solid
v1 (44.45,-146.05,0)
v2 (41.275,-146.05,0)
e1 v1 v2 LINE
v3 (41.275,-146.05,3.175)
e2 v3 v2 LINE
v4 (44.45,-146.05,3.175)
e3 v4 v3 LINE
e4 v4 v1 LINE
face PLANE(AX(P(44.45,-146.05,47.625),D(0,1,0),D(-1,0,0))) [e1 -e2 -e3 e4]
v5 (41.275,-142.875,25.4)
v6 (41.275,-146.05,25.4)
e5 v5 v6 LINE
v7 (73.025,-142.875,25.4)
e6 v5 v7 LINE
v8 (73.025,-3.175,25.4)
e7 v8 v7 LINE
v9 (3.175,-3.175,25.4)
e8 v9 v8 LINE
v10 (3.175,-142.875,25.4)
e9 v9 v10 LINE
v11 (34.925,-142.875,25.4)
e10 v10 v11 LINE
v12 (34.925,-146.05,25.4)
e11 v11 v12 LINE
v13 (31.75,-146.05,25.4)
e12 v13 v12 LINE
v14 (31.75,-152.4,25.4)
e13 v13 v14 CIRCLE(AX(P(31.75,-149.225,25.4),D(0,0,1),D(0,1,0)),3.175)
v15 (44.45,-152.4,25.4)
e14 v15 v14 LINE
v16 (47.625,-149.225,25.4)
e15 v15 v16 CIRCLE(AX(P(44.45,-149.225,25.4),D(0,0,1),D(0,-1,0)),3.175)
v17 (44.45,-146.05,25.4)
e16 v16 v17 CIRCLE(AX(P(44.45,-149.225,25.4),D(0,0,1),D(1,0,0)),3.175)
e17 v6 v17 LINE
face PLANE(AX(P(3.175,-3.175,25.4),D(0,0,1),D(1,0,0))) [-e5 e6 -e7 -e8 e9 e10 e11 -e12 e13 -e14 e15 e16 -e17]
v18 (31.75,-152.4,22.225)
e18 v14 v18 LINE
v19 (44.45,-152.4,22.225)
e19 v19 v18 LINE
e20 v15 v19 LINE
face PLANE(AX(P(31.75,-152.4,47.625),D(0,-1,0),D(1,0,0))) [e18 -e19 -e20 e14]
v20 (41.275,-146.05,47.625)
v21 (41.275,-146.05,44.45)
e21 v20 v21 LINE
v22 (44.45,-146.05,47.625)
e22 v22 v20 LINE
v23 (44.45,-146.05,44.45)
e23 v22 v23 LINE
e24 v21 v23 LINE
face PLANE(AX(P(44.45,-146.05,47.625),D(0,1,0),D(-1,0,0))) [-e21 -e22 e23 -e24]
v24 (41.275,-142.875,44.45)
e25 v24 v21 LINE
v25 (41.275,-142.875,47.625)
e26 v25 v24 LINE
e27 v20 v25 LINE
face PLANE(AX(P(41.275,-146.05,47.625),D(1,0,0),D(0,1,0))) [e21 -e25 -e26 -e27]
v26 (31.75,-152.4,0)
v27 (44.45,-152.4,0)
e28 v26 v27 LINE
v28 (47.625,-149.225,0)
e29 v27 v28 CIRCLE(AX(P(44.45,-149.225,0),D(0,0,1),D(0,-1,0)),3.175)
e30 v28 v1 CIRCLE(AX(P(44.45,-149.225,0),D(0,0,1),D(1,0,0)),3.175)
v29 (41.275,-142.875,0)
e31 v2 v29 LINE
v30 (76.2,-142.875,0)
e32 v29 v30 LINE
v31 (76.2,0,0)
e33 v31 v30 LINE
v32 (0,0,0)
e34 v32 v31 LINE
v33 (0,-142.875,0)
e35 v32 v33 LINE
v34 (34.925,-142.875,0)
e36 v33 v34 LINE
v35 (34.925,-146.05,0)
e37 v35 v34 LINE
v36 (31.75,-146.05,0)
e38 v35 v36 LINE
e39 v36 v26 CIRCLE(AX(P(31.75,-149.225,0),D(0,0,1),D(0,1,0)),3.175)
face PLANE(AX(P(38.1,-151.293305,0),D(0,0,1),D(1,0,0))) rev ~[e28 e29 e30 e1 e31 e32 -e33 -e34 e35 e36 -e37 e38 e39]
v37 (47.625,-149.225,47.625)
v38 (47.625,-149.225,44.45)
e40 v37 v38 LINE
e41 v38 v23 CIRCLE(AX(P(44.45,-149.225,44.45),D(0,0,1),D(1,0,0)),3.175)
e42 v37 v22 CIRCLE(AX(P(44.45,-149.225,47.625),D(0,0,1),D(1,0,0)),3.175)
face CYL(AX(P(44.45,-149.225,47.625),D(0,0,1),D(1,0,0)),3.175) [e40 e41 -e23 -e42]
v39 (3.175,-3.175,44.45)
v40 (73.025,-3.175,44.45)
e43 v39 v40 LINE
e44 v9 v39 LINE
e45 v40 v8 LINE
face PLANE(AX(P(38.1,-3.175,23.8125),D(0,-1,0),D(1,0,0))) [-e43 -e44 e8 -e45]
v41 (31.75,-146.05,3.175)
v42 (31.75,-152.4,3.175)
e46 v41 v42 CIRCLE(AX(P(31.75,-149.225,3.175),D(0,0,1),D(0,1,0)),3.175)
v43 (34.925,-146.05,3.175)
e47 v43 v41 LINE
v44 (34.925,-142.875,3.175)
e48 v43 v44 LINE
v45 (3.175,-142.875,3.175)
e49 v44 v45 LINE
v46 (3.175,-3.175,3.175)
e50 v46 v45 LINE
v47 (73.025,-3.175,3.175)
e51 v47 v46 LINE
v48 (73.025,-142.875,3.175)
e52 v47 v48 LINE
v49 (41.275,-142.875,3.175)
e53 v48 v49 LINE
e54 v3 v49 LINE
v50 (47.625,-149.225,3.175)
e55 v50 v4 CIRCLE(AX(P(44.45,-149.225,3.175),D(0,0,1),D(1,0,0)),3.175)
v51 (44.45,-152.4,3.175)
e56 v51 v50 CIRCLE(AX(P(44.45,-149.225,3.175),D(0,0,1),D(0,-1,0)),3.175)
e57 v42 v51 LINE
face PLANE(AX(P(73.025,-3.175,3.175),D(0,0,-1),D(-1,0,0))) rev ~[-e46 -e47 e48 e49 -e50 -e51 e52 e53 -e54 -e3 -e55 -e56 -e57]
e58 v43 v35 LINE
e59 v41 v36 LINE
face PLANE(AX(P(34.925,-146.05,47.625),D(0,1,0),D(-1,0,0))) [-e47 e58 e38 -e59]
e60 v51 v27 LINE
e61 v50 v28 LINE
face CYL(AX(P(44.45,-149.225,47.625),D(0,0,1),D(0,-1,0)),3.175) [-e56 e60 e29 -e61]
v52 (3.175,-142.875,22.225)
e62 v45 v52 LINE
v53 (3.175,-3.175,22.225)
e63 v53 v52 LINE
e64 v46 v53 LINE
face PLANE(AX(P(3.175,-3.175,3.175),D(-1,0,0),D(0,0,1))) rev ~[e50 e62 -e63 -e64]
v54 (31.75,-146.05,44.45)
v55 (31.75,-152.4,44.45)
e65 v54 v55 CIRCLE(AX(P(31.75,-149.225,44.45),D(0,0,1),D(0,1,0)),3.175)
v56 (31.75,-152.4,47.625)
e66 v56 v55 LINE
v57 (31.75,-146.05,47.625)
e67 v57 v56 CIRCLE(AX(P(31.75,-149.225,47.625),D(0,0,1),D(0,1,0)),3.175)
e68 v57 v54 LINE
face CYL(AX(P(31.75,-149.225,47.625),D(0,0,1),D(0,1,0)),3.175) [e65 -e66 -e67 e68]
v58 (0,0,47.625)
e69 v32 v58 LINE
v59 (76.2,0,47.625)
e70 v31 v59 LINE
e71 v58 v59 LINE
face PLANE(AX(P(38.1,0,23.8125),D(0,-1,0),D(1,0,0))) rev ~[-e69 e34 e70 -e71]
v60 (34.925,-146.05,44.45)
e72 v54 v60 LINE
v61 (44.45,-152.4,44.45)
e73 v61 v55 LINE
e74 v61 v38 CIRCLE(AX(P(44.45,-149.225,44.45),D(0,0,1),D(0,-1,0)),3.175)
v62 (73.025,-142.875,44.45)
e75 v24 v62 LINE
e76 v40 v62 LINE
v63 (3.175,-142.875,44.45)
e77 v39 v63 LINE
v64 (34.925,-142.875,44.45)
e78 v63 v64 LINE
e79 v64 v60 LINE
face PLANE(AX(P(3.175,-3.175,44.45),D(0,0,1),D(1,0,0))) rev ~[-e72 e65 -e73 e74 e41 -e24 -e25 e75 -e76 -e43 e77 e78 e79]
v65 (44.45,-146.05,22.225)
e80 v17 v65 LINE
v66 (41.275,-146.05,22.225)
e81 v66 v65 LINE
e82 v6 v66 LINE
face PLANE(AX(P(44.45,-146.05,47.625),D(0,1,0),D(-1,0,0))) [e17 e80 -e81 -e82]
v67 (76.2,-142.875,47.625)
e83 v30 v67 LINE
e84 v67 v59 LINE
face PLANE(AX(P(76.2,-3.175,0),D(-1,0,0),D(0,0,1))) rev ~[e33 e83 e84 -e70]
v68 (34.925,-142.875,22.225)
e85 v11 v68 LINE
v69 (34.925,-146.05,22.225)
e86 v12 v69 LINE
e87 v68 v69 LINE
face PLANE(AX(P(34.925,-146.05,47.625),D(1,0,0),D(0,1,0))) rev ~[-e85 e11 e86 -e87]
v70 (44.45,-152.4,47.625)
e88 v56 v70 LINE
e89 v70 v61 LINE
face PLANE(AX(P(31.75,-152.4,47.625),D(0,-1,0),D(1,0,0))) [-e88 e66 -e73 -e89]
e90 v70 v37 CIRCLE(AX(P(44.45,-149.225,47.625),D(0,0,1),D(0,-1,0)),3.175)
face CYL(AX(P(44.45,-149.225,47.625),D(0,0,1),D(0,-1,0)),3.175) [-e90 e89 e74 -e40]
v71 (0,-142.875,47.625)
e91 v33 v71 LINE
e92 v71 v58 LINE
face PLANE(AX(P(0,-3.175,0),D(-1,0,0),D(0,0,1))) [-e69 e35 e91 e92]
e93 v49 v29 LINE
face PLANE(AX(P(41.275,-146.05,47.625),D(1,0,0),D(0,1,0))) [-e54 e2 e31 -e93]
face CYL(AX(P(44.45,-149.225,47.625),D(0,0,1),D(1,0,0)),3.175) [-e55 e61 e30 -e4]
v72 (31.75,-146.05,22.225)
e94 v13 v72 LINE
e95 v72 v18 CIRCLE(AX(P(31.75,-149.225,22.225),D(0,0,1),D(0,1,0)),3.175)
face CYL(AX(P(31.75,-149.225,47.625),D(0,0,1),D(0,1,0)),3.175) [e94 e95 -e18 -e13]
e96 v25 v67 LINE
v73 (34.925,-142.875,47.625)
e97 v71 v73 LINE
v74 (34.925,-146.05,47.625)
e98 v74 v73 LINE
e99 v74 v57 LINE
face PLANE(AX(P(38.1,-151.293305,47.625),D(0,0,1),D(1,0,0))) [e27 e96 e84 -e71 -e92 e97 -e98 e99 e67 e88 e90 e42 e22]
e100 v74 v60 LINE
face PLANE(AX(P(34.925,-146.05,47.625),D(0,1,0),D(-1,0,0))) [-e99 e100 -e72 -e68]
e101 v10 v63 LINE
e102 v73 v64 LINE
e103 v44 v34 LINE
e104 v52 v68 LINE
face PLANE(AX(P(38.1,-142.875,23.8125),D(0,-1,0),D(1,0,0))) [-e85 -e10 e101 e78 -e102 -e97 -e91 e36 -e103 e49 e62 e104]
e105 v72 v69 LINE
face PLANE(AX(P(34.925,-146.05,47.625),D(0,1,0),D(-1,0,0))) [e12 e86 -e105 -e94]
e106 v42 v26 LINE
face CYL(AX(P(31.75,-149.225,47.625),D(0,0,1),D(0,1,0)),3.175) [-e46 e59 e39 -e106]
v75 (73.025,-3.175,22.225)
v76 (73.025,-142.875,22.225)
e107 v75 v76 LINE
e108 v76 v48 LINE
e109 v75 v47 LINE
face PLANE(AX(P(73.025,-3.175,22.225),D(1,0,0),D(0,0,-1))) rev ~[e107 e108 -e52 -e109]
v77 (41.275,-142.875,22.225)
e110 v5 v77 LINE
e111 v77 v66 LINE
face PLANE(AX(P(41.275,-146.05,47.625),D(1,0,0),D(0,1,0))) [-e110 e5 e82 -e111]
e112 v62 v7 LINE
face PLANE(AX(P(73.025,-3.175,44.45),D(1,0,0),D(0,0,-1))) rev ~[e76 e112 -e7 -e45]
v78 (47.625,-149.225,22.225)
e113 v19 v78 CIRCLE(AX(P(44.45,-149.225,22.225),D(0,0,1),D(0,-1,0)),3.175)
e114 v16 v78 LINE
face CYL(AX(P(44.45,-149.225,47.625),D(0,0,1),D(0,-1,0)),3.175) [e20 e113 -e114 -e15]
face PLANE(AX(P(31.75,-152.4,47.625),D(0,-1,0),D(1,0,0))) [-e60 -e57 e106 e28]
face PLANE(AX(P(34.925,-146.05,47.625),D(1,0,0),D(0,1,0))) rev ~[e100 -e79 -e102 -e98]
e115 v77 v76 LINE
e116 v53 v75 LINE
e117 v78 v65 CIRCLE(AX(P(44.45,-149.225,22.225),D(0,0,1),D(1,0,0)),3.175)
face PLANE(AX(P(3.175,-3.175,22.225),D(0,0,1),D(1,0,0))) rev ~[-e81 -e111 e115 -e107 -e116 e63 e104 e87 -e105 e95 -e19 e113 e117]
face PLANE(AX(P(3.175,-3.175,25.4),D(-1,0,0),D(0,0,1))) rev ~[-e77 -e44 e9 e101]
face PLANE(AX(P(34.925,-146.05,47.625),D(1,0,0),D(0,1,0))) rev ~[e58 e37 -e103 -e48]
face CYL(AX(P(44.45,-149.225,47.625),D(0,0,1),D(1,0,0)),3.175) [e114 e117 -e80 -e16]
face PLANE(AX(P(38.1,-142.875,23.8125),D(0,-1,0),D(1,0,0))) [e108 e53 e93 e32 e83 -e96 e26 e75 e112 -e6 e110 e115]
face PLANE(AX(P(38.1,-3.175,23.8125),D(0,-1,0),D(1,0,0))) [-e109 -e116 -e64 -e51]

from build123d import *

# Parameters (mm, degrees)
F0_W     = 76.2
F0_H     = 47.625
F1_DEPTH = 3.175
F2_W     = 76.2
F2_H     = 47.625
F2_W_2   = 69.85
F2_H_2   = 1.5875
F3_DEPTH = 139.7
F4_W     = 3.175
F4_H     = 3.175
F5_DEPTH = 47.625
F6_DEPTH = 2540


with BuildPart() as f1:
    # F0 (on Front) → F1 (new body)
    with BuildSketch(Plane.XZ):
        with Locations((38.1, 23.8125)):
            Rectangle(F0_W, F0_H)
    extrude(amount=F1_DEPTH)

    # F2 (on face) → F3 (join)
    with BuildSketch(Plane.XZ.offset(3.175)):
        with Locations((38.1, 23.8125)):
            Rectangle(F2_W, F2_H)
        Polygon((73.025, 3.175), (3.175, 3.175), (3.175, 22.225), (3.175, 23.8125), (3.175, 25.4), (3.175, 32.016575672), (3.175, 44.45), (73.025, 44.45), (73.025, 32.016575672), (73.025, 25.4), (73.025, 23.8125), (73.025, 22.225), align=None, mode=Mode.SUBTRACT)
        with Locations((38.1, 23.01875)):
            Rectangle(F2_W_2, F2_H_2)
        with Locations((38.1, 24.60625)):
            Rectangle(F2_W_2, F2_H_2)
    extrude(amount=F3_DEPTH)

    # F4 (on face) → F5 (join, through all)
    with BuildSketch(Plane.XY.offset(47.625)):
        with BuildLine():
            Line((41.275, -149.225), (38.1, -149.225))
            Line((38.1, -149.225), (34.925, -149.225))
            ThreePointArc((34.925, -149.225), (33.9950640303, -151.4700640303), (31.75, -152.4))
            Line((31.75, -152.4), (44.45, -152.4))
            ThreePointArc((44.45, -152.4), (42.2049359697, -151.4700640303), (41.275, -149.225))
        make_face()
        with BuildLine():
            ThreePointArc((31.75, -152.4), (33.9950640303, -151.4700640303), (34.925, -149.225))
            Line((34.925, -149.225), (31.75, -149.225))
            Line((31.75, -149.225), (31.75, -152.4))
        make_face()
        with BuildLine():
            Line((31.75, -149.225), (34.925, -149.225))
            ThreePointArc((34.925, -149.225), (33.9950640303, -146.9799359697), (31.75, -146.05))
            ThreePointArc((31.75, -146.05), (28.575, -149.225), (31.75, -152.4))
            Line((31.75, -152.4), (31.75, -149.225))
        make_face()
        with BuildLine():
            Line((38.1, -149.225), (38.1, -146.05))
            Line((38.1, -146.05), (34.925, -146.05))
            Line((34.925, -146.05), (31.75, -146.05))
            ThreePointArc((31.75, -146.05), (33.9950640303, -146.9799359697), (34.925, -149.225))
            Line((34.925, -149.225), (38.1, -149.225))
        make_face()
        with BuildLine():
            Line((41.275, -146.05), (38.1, -146.05))
            Line((38.1, -146.05), (38.1, -149.225))
            Line((38.1, -149.225), (41.275, -149.225))
            ThreePointArc((41.275, -149.225), (42.2049359697, -146.9799359697), (44.45, -146.05))
            Line((44.45, -146.05), (41.275, -146.05))
        make_face()
        with BuildLine():
            ThreePointArc((47.625, -149.225), (46.6950640303, -146.9799359697), (44.45, -146.05))
            Line((44.45, -146.05), (44.45, -149.225))
            Line((44.45, -149.225), (44.45, -152.4))
            ThreePointArc((44.45, -152.4), (46.6950640303, -151.4700640303), (47.625, -149.225))
        make_face()
        with BuildLine():
            ThreePointArc((44.45, -146.05), (42.2049359697, -146.9799359697), (41.275, -149.225))
            Line((41.275, -149.225), (44.45, -149.225))
            Line((44.45, -149.225), (44.45, -146.05))
        make_face()
        with BuildLine():
            Line((44.45, -149.225), (41.275, -149.225))
            ThreePointArc((41.275, -149.225), (42.2049359697, -151.4700640303), (44.45, -152.4))
            Line((44.45, -152.4), (44.45, -149.225))
        make_face()
        with Locations((39.6875, -144.4625)):
            Rectangle(F4_W, F4_H)
        with Locations((36.5125, -144.4625)):
            Rectangle(F4_W, F4_H)
    extrude(amount=-F5_DEPTH)

    # F6 (cut): faces of the model
    f6_faces = [f1.faces().sort_by_distance(p)[0] for p in [
        (38.1, -3.175, 12.7),
        (38.1, -3.175, 34.925),
    ]]
    extrude(f6_faces, amount=F6_DEPTH, mode=Mode.SUBTRACT)


solid = f1.part
